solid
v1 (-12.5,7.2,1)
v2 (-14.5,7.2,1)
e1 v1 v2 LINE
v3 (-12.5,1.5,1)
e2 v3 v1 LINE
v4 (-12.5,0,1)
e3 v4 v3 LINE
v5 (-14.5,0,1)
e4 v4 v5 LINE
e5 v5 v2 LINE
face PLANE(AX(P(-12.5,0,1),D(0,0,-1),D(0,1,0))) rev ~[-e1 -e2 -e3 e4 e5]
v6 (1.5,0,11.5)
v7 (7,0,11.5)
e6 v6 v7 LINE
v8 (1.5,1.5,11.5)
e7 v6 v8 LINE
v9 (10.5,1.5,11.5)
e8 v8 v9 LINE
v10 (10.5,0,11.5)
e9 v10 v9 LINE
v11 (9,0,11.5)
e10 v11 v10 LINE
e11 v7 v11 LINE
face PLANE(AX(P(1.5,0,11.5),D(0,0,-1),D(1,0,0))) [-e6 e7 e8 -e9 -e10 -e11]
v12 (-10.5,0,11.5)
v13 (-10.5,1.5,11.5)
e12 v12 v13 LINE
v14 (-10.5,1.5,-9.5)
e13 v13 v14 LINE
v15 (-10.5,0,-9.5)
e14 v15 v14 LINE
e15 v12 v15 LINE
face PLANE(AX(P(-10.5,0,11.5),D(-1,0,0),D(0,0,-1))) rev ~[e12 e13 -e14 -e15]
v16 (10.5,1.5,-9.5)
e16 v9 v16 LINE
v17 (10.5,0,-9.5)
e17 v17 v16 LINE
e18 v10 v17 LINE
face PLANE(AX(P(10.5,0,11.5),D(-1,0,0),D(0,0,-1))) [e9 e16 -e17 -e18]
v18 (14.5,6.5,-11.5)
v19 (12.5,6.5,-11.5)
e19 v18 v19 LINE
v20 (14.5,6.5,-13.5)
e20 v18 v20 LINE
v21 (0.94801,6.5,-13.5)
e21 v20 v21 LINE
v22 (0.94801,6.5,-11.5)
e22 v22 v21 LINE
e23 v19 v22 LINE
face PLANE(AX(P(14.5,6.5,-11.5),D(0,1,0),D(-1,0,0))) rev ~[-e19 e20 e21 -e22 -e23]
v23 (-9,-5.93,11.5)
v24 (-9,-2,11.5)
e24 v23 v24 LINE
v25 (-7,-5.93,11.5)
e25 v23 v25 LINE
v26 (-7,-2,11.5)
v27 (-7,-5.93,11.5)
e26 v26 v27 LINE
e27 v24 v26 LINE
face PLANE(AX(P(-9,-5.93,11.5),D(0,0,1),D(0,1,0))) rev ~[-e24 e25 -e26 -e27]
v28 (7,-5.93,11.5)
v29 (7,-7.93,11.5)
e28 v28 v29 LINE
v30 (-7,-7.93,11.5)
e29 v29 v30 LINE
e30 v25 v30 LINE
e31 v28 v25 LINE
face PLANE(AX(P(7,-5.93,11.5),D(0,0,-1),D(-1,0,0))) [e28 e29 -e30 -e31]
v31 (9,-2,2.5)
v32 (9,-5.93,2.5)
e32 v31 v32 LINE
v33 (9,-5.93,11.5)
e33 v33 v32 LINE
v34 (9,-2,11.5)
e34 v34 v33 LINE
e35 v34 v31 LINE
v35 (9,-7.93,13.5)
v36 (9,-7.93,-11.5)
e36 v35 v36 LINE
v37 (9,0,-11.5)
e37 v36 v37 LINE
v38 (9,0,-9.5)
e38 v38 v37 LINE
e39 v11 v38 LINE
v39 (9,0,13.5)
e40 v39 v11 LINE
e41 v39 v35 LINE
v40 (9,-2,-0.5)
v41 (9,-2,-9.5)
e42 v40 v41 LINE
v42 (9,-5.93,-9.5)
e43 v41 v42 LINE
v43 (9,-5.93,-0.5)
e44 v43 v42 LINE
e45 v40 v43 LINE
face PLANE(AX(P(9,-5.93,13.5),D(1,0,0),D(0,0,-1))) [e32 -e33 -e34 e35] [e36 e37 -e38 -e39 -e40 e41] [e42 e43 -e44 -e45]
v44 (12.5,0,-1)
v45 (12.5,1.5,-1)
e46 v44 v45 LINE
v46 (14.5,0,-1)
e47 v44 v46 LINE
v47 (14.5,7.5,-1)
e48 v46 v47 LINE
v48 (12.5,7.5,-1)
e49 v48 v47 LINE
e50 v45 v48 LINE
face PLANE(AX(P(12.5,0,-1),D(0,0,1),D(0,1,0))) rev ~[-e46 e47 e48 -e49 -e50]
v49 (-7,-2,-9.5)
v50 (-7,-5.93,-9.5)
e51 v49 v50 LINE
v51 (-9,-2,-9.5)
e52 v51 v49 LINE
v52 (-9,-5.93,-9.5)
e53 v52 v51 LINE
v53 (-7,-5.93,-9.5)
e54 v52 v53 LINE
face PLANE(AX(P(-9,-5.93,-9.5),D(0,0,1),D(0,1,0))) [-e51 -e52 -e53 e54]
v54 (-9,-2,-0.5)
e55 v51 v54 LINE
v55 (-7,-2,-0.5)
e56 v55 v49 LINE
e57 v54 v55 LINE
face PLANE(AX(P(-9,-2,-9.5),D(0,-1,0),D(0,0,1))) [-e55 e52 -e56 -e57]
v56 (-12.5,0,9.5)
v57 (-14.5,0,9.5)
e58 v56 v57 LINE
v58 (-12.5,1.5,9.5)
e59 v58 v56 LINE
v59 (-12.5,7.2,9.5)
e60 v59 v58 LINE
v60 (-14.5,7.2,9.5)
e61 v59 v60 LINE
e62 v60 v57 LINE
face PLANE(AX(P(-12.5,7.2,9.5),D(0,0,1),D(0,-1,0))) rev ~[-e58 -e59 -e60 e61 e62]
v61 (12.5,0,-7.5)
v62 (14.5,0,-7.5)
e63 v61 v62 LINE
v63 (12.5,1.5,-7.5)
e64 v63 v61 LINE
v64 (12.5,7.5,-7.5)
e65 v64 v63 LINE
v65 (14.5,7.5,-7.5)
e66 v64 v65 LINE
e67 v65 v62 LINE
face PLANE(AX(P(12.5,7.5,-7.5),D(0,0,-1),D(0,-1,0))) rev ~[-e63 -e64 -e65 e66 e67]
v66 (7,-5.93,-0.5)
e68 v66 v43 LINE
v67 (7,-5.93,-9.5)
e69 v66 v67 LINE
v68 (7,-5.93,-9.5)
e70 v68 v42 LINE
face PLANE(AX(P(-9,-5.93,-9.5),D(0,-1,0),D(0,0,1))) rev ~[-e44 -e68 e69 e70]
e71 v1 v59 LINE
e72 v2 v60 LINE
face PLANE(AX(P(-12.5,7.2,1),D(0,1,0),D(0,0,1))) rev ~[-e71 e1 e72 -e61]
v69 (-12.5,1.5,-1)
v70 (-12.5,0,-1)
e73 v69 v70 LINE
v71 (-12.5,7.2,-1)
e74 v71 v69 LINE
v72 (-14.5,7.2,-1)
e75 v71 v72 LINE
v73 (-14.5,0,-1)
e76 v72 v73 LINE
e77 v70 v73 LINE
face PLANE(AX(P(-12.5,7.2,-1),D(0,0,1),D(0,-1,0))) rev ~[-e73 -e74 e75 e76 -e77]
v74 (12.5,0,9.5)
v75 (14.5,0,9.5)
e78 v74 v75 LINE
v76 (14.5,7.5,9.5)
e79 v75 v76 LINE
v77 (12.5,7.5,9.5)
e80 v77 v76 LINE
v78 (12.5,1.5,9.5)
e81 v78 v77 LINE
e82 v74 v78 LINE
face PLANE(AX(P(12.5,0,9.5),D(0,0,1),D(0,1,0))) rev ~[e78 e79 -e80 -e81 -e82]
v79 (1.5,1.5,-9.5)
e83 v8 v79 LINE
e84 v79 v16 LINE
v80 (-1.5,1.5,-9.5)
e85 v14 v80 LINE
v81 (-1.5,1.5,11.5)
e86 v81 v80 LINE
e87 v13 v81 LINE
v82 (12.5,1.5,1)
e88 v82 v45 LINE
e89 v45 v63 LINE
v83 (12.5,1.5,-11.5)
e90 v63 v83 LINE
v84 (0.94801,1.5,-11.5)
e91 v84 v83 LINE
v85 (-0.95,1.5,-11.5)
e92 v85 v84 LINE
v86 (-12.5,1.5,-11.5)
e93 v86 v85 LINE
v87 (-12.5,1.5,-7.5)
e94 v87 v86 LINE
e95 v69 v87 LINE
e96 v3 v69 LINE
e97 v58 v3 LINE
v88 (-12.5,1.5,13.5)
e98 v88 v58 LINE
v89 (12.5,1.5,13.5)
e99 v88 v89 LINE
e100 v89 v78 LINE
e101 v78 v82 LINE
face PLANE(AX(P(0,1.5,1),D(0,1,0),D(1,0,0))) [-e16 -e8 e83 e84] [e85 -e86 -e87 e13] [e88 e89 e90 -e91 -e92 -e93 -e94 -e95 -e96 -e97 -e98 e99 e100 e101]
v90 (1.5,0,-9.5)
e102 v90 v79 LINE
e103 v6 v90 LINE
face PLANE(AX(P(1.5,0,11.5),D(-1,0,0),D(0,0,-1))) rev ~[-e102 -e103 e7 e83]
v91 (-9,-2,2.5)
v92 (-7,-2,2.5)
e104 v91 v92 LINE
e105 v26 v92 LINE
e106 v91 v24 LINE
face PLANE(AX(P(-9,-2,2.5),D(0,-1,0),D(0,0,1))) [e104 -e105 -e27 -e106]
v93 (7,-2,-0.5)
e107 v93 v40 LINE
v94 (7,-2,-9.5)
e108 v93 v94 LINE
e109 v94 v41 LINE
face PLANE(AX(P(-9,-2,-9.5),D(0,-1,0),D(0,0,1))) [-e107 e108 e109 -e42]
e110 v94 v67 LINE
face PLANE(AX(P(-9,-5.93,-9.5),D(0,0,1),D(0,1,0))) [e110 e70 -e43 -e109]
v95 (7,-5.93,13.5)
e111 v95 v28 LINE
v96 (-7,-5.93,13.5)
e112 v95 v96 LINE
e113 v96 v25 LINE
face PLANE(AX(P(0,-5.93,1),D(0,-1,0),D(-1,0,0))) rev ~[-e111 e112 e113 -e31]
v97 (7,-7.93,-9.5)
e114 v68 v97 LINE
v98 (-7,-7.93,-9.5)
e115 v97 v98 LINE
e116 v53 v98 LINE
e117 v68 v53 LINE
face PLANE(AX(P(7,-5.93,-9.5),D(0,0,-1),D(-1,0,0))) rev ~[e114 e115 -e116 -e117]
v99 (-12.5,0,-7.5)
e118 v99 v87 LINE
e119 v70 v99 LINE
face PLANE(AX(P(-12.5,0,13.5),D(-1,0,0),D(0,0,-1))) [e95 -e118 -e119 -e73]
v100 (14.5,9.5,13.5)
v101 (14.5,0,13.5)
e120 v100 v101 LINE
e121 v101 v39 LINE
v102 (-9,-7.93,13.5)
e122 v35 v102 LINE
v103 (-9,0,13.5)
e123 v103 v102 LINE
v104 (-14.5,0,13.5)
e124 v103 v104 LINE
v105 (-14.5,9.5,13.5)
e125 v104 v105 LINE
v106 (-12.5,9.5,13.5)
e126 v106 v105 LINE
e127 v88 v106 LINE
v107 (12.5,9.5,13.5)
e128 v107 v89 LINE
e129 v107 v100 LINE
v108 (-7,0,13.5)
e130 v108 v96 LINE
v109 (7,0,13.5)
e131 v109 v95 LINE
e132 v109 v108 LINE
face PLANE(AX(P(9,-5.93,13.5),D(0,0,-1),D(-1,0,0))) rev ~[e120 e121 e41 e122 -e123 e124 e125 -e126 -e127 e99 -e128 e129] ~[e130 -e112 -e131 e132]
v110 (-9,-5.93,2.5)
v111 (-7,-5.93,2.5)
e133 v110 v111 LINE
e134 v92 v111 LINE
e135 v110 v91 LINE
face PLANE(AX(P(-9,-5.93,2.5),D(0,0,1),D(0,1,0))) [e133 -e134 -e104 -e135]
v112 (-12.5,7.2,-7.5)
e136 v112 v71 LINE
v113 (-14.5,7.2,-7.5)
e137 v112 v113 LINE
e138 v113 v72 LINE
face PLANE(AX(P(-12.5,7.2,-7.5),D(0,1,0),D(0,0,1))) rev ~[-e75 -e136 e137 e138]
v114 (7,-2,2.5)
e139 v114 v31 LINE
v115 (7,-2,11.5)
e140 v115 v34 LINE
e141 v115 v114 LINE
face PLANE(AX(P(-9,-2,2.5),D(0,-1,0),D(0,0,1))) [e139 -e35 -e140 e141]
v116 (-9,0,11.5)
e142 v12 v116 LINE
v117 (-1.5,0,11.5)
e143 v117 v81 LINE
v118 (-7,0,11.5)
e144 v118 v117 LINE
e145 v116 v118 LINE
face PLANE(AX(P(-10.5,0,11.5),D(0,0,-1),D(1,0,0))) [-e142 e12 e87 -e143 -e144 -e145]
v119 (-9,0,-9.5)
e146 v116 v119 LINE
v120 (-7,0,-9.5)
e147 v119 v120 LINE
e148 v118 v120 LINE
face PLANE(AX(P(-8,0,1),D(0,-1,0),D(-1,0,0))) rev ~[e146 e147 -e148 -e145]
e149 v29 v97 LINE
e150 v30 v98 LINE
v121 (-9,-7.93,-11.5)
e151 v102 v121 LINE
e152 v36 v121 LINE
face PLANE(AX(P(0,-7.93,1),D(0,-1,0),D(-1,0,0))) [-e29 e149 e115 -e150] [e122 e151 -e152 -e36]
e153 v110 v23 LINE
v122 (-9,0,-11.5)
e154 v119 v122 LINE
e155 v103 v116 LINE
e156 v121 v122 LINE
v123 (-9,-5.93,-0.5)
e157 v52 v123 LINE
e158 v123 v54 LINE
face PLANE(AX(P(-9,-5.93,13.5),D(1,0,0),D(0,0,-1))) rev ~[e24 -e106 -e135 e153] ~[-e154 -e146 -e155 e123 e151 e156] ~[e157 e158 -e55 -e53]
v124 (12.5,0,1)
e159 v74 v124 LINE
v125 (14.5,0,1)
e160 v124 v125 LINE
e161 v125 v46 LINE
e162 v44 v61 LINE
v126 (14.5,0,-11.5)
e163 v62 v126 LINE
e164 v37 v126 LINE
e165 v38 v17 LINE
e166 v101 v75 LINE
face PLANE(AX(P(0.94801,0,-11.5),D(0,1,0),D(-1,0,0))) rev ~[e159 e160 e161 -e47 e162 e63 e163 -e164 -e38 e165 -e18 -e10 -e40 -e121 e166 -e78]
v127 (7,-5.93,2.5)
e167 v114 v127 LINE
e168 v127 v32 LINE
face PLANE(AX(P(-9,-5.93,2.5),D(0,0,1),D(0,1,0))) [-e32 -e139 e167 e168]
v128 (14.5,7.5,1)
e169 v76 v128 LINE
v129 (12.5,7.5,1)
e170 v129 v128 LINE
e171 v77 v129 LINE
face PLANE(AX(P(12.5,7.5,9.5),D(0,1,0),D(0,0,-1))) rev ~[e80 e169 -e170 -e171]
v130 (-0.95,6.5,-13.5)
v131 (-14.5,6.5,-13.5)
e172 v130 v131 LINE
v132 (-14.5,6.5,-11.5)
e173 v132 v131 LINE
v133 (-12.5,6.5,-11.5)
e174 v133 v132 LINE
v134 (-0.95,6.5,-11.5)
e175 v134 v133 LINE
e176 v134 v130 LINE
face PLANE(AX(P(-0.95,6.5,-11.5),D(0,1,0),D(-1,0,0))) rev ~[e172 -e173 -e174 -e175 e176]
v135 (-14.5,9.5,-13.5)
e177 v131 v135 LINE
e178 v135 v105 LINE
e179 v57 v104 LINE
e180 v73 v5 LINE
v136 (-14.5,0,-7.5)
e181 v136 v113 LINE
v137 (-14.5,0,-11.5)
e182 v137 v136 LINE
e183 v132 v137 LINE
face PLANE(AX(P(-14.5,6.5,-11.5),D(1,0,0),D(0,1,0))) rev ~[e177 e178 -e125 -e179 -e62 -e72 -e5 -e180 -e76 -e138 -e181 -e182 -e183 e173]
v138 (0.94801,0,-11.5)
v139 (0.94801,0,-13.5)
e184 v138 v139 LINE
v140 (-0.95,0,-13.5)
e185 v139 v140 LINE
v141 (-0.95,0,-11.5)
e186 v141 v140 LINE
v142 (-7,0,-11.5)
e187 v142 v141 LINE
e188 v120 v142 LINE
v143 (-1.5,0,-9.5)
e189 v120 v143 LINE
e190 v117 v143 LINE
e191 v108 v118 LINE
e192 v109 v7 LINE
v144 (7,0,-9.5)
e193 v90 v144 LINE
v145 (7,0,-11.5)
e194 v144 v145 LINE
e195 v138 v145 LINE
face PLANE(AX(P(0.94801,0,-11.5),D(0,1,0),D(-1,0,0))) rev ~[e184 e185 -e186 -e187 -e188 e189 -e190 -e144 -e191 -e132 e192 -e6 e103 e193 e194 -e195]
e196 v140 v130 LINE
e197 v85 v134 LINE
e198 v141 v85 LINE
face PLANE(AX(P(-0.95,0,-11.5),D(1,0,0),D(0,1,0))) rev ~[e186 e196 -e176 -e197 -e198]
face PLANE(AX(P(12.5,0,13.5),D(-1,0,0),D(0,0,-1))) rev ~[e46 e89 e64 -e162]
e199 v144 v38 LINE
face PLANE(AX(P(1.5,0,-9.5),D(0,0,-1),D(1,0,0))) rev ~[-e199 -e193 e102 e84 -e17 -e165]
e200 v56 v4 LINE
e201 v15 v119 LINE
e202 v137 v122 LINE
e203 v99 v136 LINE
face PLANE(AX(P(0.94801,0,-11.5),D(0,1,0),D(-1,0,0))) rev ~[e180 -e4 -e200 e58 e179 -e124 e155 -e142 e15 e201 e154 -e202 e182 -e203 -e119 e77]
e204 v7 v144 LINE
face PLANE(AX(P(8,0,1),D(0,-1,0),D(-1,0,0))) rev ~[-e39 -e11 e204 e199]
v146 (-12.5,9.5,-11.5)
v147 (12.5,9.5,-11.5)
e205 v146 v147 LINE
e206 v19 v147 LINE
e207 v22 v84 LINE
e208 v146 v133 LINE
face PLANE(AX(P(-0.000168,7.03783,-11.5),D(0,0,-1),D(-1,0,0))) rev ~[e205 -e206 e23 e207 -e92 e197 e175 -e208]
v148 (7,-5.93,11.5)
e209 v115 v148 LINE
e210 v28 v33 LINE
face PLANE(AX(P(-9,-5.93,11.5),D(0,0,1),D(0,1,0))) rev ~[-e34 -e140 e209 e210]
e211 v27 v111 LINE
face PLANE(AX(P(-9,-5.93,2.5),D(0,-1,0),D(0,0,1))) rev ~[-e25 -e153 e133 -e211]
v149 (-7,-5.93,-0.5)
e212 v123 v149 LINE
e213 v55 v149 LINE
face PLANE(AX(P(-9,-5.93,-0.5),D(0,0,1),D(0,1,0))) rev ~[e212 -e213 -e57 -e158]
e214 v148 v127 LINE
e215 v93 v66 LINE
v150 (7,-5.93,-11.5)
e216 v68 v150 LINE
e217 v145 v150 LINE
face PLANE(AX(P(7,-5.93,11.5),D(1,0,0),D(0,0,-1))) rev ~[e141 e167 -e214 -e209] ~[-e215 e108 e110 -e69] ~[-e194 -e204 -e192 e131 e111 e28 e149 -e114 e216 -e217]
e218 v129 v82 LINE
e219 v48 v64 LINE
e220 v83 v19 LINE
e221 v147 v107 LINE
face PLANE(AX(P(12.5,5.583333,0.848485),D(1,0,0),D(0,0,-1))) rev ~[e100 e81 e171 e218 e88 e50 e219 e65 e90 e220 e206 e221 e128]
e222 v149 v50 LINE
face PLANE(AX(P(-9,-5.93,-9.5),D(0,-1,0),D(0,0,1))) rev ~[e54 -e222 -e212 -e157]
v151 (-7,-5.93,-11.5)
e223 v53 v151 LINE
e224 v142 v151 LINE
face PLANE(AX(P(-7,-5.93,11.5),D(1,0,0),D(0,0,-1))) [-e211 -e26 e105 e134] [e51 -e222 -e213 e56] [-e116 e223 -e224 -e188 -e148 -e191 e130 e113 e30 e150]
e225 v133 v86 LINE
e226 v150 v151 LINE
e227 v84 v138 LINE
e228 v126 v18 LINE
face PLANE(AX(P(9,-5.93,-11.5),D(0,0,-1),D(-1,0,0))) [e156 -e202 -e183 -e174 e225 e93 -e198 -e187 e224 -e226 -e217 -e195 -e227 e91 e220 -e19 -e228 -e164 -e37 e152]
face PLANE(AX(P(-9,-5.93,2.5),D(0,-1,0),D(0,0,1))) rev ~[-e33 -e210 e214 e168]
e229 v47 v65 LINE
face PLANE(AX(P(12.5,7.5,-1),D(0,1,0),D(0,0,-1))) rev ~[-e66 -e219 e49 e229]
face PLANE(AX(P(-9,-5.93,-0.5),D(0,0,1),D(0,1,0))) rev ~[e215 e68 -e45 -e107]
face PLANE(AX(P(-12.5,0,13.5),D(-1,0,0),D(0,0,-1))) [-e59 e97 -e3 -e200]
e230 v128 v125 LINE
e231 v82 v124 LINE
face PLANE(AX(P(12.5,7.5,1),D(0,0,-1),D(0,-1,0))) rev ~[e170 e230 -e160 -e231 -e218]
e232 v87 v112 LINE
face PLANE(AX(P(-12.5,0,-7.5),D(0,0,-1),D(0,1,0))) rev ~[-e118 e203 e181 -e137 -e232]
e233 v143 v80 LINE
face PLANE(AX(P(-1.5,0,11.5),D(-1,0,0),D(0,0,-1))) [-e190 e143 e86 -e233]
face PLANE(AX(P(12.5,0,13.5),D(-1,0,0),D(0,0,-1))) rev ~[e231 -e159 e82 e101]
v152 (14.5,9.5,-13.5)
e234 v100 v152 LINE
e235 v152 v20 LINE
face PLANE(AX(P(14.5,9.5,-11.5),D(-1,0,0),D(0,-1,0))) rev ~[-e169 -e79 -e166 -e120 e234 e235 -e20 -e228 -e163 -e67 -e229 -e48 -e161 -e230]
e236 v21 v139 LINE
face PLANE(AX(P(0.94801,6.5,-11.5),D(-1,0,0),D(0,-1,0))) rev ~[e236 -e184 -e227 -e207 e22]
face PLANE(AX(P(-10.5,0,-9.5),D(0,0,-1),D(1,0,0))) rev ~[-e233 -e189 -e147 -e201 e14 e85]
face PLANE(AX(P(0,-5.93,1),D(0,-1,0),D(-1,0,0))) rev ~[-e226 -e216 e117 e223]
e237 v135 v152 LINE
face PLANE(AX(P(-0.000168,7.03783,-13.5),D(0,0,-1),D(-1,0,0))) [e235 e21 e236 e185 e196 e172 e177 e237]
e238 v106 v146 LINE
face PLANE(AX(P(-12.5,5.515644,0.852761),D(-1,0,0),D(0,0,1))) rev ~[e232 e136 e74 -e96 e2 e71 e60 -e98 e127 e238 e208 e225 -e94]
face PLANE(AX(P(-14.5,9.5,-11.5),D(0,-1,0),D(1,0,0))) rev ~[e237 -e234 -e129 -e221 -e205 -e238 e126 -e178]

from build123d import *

# Parameters (mm, degrees)
SKETCH1_W            = 25
SKETCH1_H            = 25
SKETCH1_W_2          = 9
SKETCH1_H_2          = 21
BOSS_EXTRUDE1_DEPTH  = 1.5
BOSS_EXTRUDE2_DEPTH  = 2
BOSS_EXTRUDE3_DEPTH  = 2
BOSS_EXTRUDE8_DEPTH  = 2
SKETCH12_W           = 2
SKETCH12_H           = 25
BOSS_EXTRUDE10_DEPTH = 5.93
SKETCH11_W           = 18
SKETCH11_H           = 25
SKETCH11_W_2         = 14
SKETCH11_H_2         = 21
BOSS_EXTRUDE11_DEPTH = 2
SKETCH13_W           = 9
SKETCH13_H           = 3.93
CUT_EXTRUDE2_DEPTH   = 24.5


with BuildPart() as part:
    # Sketch1 → Boss-Extrude1 (new body)
    with BuildSketch(Plane(origin=(0, 0, 0), x_dir=(1, 0, 0), z_dir=(0, 1, 0))):
        with Locations((0, -1)):
            Rectangle(SKETCH1_W, SKETCH1_H)
        with Locations((-6, -1)):
            Rectangle(SKETCH1_W_2, SKETCH1_H_2, mode=Mode.SUBTRACT)
        with Locations((6, -1)):
            Rectangle(SKETCH1_W_2, SKETCH1_H_2, mode=Mode.SUBTRACT)
    extrude(amount=BOSS_EXTRUDE1_DEPTH)

    # Sketch2 → Boss-Extrude2 (add)
    with BuildSketch(Plane(origin=(12.5, 0, 0), x_dir=(0, 0, -1), z_dir=(1, 0, 0))):
        Polygon((-9.5, 7.5), (-1, 7.5), (-1, 0), (1, 0), (1, 7.5), (7.5, 7.5), (7.5, 0), (11.5, 0), (11.5, 9.5), (-13.5, 9.5), (-13.5, 0), (-9.5, 0), align=None)
    extrude(amount=BOSS_EXTRUDE2_DEPTH)

    # Sketch3 → Boss-Extrude3 (add)
    with BuildSketch(Plane.ZY.offset(12.5)):
        Polygon((1, 0), (1, 7.2), (9.5, 7.2), (9.5, 0), (13.5, 0), (13.5, 9.5), (-11.5, 9.5), (-11.5, 0), (-7.5, 0), (-7.5, 7.2), (-1, 7.2), (-1, 0), align=None)
    extrude(amount=BOSS_EXTRUDE3_DEPTH)

    # Sketch10 → Boss-Extrude8 (add)
    with BuildSketch(Plane(origin=(0, 0, -11.5), x_dir=(-1, 0, 0), z_dir=(0, 0, -1))):
        Polygon((14.5, 9.5), (-14.5, 9.5), (-14.5, 6.5), (-0.948009726, 6.5), (-0.948009726, 0), (0.95, 0), (0.95, 6.5), (14.5, 6.5), align=None)
    extrude(amount=BOSS_EXTRUDE8_DEPTH)

    # Sketch12 → Boss-Extrude10 (add)
    with BuildSketch(Plane(origin=(0, 0, 0), x_dir=(-1, 0, 0), z_dir=(0, -1, 0))):
        with Locations((-8, -1)):
            Rectangle(SKETCH12_W, SKETCH12_H)
        with Locations((8, -1)):
            Rectangle(SKETCH12_W, SKETCH12_H)
    extrude(amount=BOSS_EXTRUDE10_DEPTH)

    # Sketch11 → Boss-Extrude11 (add)
    with BuildSketch(Plane(origin=(0, -5.93, 0), x_dir=(-1, 0, 0), z_dir=(0, -1, 0))):
        with Locations((0, -1)):
            Rectangle(SKETCH11_W, SKETCH11_H)
        with Locations((0, -1)):
            Rectangle(SKETCH11_W_2, SKETCH11_H_2, mode=Mode.SUBTRACT)
    extrude(amount=BOSS_EXTRUDE11_DEPTH)

    # Sketch13 → Cut-Extrude2 (cut, through all)
    with BuildSketch(Plane.ZY.offset(9)):
        with Locations((-5, -3.965)):
            Rectangle(SKETCH13_W, SKETCH13_H)
        with Locations((7, -3.965)):
            Rectangle(SKETCH13_W, SKETCH13_H)
    extrude(amount=-CUT_EXTRUDE2_DEPTH, mode=Mode.SUBTRACT)


solid = part.part
